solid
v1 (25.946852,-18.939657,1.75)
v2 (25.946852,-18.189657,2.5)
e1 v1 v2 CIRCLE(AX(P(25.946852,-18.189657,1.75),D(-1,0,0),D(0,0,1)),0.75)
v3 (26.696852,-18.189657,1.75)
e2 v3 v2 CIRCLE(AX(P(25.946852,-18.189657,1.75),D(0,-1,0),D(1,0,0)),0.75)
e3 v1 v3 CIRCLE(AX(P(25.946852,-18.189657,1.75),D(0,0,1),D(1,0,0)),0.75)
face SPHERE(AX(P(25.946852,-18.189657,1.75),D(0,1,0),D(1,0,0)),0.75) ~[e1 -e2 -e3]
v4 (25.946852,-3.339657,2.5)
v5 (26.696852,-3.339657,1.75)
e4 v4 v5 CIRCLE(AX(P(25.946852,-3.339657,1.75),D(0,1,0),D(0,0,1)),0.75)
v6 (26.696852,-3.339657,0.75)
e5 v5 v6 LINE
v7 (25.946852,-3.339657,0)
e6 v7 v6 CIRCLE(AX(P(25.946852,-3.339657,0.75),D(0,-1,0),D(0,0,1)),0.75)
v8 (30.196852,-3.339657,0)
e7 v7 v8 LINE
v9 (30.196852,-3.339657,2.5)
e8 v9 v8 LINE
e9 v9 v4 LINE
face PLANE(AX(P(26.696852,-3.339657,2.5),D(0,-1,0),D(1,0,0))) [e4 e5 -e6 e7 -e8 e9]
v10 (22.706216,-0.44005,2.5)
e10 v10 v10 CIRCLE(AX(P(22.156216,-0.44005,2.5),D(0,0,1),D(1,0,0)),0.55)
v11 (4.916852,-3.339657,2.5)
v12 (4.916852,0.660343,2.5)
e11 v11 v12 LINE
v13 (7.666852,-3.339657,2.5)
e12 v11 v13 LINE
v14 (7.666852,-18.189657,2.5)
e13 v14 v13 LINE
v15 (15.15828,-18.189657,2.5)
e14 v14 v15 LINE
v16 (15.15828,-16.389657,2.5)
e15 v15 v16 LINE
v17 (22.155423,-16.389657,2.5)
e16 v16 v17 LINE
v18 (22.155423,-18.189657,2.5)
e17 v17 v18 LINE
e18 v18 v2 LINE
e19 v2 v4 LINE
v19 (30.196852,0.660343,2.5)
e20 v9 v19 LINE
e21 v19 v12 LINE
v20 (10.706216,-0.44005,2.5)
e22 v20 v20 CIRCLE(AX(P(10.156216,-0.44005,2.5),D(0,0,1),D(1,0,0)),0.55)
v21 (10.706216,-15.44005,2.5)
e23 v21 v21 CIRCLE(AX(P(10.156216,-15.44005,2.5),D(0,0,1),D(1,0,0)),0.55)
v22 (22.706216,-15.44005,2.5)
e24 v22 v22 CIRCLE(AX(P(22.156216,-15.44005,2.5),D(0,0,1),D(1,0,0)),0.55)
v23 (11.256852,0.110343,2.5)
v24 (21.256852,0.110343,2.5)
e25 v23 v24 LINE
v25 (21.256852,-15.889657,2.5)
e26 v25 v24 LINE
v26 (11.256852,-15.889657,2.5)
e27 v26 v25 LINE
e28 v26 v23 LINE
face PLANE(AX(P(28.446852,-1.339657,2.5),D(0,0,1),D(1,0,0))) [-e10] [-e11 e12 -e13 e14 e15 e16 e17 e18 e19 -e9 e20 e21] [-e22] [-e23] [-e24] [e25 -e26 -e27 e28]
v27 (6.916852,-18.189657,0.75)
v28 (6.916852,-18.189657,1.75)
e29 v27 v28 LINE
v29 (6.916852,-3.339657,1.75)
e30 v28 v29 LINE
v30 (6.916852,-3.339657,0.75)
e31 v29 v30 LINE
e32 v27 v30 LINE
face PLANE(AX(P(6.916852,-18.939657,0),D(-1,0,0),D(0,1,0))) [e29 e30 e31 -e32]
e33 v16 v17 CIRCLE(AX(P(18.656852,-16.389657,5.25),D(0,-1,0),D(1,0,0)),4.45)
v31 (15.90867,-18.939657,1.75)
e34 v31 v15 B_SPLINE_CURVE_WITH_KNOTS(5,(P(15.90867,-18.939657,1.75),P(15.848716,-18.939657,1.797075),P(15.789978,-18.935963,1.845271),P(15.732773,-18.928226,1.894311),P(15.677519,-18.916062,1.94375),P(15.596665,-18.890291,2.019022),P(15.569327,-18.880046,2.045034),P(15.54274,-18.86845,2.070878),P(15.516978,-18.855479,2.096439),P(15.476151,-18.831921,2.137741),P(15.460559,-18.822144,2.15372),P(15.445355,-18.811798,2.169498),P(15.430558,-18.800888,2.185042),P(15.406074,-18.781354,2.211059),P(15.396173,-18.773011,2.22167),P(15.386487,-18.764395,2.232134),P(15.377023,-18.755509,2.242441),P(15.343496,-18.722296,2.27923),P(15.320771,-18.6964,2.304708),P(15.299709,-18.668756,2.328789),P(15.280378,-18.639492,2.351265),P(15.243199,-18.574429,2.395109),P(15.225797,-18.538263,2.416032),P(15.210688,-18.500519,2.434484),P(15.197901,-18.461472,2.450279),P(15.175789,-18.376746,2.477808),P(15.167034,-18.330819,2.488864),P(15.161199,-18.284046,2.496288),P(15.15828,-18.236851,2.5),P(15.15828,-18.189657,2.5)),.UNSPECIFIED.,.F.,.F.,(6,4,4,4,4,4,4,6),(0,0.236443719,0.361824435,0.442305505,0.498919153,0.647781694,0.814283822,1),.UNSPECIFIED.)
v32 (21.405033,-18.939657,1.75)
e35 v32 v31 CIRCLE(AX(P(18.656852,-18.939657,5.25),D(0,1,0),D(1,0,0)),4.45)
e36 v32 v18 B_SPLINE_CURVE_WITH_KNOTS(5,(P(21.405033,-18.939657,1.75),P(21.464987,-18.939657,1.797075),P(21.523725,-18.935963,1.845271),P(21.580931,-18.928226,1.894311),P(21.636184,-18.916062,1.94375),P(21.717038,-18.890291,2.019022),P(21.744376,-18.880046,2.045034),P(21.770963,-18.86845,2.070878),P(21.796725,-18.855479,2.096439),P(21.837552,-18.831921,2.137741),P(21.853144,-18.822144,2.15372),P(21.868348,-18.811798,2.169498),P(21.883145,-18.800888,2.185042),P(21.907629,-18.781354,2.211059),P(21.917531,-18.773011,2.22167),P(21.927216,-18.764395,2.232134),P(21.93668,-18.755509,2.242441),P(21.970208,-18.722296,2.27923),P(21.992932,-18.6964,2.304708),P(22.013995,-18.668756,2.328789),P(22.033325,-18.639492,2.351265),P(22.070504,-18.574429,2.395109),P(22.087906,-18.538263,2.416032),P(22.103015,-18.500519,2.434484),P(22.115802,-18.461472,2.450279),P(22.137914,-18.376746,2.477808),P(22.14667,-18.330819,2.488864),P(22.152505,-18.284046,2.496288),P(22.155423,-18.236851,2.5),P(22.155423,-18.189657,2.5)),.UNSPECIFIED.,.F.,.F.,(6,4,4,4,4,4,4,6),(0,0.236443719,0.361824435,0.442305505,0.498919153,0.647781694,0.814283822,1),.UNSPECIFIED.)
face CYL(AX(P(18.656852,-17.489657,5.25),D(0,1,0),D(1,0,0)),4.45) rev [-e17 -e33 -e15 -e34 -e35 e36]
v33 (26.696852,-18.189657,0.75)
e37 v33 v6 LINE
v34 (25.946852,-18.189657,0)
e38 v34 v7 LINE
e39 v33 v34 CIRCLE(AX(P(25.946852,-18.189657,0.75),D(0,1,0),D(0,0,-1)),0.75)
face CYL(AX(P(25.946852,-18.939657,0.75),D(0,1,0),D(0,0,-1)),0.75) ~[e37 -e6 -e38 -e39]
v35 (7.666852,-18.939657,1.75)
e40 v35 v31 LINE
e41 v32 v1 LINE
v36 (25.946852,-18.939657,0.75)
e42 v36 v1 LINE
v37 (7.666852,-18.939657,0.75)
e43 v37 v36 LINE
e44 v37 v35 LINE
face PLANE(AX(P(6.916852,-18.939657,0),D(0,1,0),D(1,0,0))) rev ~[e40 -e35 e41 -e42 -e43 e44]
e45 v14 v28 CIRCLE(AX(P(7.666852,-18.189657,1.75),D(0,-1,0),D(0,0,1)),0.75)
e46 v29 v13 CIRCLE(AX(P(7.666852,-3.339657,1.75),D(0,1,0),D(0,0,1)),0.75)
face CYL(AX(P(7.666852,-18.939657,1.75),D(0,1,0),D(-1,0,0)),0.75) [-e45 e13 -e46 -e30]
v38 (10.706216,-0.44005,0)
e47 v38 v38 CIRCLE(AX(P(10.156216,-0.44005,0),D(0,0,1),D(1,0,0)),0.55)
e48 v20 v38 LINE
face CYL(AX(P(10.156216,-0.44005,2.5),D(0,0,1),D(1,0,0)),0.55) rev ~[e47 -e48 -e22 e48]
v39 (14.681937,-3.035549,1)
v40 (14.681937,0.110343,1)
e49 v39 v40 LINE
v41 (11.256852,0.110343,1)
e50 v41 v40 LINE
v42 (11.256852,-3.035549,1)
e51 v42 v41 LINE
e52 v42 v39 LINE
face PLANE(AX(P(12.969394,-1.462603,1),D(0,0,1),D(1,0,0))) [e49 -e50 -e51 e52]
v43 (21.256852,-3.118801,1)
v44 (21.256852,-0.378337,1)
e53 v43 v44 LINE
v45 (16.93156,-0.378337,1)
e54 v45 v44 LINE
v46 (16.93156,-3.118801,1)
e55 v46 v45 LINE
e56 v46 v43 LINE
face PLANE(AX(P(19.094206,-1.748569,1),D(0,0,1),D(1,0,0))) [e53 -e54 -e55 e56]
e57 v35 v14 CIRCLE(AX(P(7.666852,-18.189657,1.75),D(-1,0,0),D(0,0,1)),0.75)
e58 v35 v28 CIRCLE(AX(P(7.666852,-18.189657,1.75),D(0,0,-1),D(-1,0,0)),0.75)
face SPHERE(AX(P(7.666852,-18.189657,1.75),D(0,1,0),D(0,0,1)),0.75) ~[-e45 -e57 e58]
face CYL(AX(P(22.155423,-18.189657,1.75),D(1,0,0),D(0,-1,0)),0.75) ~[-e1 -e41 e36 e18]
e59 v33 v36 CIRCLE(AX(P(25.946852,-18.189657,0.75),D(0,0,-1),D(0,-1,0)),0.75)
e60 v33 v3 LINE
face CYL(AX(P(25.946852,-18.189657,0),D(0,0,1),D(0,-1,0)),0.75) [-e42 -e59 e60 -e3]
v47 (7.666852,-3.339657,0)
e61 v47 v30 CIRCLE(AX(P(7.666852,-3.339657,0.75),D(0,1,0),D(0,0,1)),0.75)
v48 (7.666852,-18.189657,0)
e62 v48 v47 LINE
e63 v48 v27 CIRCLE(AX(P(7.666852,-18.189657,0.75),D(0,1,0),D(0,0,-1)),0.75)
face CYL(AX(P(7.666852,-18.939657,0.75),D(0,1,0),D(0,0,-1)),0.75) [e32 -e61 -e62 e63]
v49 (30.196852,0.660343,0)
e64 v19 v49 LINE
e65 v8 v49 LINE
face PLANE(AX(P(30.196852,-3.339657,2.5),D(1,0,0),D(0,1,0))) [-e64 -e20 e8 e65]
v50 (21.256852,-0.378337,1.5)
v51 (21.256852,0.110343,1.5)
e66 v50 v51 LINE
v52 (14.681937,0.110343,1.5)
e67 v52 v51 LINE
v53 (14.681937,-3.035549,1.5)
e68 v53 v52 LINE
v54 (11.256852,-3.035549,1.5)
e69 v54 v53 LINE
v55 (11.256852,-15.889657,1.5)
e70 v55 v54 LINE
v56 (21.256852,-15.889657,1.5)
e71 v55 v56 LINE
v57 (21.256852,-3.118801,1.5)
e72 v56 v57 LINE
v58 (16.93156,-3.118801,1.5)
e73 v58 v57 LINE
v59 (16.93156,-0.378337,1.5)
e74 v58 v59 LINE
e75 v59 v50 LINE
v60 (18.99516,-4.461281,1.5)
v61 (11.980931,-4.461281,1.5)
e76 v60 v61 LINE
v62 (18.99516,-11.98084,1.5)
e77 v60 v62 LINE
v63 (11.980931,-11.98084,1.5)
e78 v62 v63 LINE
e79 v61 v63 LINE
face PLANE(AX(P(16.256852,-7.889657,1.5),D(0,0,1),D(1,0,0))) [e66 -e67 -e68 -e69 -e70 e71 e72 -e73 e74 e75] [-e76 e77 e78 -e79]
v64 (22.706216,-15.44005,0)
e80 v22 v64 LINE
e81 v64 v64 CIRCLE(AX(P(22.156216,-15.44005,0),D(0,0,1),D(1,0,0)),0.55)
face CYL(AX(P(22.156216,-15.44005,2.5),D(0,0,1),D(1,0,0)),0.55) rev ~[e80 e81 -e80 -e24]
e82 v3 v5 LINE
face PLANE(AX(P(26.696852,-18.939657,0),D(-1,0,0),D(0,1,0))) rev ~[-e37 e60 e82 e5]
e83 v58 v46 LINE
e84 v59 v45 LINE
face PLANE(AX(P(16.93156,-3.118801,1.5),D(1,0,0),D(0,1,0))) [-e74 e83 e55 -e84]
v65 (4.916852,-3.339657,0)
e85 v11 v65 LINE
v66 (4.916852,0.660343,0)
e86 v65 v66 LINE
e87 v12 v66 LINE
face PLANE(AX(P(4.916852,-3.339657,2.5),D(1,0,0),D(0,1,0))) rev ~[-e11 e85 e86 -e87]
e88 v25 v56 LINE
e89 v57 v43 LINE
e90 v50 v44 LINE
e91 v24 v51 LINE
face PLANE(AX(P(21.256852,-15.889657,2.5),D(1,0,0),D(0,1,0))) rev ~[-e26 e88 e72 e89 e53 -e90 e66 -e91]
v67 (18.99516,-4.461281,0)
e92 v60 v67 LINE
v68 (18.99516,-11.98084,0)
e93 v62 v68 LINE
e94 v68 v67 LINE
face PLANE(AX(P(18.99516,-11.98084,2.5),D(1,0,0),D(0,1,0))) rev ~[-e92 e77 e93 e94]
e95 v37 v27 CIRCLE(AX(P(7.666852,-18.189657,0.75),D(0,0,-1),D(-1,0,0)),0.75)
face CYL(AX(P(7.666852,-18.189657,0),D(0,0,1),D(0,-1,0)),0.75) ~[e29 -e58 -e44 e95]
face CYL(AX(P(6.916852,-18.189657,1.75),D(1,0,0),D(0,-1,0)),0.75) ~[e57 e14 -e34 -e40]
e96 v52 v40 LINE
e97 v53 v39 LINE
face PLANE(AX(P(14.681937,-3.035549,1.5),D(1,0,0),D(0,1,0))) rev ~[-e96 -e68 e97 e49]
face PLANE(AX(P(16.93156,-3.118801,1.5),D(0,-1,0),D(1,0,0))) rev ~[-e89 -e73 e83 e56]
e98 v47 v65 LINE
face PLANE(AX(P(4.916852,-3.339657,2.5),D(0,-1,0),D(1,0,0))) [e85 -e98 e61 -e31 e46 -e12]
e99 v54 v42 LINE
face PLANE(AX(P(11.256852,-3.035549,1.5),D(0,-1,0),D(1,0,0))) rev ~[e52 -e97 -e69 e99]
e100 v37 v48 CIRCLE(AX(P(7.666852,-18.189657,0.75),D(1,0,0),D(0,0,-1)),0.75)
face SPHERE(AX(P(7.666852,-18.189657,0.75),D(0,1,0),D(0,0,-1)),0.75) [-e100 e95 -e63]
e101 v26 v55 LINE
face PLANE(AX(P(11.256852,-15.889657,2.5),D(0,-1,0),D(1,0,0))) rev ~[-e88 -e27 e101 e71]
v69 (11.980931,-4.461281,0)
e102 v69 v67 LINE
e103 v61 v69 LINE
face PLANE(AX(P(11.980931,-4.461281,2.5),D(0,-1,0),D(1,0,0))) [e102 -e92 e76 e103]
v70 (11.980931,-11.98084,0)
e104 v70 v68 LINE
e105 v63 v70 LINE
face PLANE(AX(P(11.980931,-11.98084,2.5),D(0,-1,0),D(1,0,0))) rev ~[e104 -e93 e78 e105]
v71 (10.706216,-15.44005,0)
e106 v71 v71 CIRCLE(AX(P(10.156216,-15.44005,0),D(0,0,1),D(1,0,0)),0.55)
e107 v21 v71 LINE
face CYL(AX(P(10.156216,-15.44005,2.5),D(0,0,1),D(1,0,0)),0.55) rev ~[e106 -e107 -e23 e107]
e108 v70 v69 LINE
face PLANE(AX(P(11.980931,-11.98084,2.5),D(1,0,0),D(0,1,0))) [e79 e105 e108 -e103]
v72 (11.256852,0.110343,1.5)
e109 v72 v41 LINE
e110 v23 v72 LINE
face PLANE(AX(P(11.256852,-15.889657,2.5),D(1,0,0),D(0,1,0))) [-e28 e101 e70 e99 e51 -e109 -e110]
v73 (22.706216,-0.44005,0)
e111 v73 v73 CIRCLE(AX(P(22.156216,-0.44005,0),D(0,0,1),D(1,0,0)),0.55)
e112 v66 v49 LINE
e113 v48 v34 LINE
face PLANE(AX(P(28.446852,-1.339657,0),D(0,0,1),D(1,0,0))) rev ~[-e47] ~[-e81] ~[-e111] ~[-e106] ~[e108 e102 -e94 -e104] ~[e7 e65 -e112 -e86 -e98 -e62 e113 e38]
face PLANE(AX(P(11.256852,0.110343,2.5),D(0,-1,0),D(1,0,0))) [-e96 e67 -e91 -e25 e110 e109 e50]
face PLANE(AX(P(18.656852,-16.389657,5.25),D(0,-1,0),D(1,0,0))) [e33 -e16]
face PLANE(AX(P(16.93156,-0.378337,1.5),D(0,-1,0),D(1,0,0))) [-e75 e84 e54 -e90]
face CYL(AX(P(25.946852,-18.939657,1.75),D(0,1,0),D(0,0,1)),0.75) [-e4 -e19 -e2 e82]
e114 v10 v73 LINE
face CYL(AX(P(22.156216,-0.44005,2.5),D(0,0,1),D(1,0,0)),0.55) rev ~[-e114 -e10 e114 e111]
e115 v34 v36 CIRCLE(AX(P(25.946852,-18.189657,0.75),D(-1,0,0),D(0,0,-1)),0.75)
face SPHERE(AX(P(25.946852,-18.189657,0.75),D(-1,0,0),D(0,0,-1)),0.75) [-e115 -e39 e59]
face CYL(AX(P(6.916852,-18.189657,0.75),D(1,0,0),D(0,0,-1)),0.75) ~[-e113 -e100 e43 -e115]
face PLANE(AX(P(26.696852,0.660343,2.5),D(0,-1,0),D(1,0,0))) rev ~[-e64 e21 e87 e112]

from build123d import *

# Parameters (mm, degrees)
SKETCH1_W               = 19.78
SKETCH1_H               = 22
BOSS_EXTRUDE1_DEPTH     = 2.5
SKETCH2_R               = 0.55
CUT_EXTRUDE1_DEPTH      = 2.5
SKETCH3_W               = 7.014228963
SKETCH3_H               = 7.519558389
CUT_EXTRUDE2_DEPTH      = 2.5
SKETCH4_W               = 10
SKETCH4_H               = 16
CUT_EXTRUDE3_DEPTH      = 1
SKETCH5_W               = 4.325292028
SKETCH5_H               = 2.74046394
SKETCH5_W_2             = 3.425085756
SKETCH5_H_2             = 3.145892333
CUT_EXTRUDE4_DEPTH      = 0.5
SKETCH6_R               = 4.45
CUT_EXTRUDE5_DEPTH      = 1.5
CUT_EXTRUDE5_DEPTH_BACK = 1.1
SKETCH7_W               = 19.78
SKETCH7_H               = 2.5
CUT_EXTRUDE6_DEPTH      = 2.4
SKETCH8_W               = 3.5
SKETCH8_H               = 4
SKETCH8_W_2             = 2
BOSS_EXTRUDE2_DEPTH     = 2.5
FILLET1_R               = 0.75


with BuildPart() as part:
    # Sketch1 → Boss-Extrude1 (new body)
    with BuildSketch(Plane.XY):
        with Locations((16.80685162, -7.939657117)):
            Rectangle(SKETCH1_W, SKETCH1_H)
    extrude(amount=BOSS_EXTRUDE1_DEPTH)

    # Sketch2 → Cut-Extrude1 (cut)
    with BuildSketch(Plane.XY.offset(2.5)):
        with Locations((22.156215749, -0.440049881)):
            Circle(SKETCH2_R)
        with Locations((22.156215749, -15.440049881)):
            Circle(SKETCH2_R)
        with Locations((10.156215749, -15.440049881)):
            Circle(SKETCH2_R)
        with Locations((10.156215749, -0.440049881)):
            Circle(SKETCH2_R)
    extrude(amount=-CUT_EXTRUDE1_DEPTH, mode=Mode.SUBTRACT)

    # Sketch3 → Cut-Extrude2 (cut)
    with BuildSketch(Plane.XY.offset(2.5)):
        with Locations((15.488045681, -8.221060457)):
            Rectangle(SKETCH3_W, SKETCH3_H)
    extrude(amount=-CUT_EXTRUDE2_DEPTH, mode=Mode.SUBTRACT)

    # Sketch4 → Cut-Extrude3 (cut)
    with BuildSketch(Plane.XY.offset(2.5)):
        with Locations((16.25685162, -7.889657117)):
            Rectangle(SKETCH4_W, SKETCH4_H)
    extrude(amount=-CUT_EXTRUDE3_DEPTH, mode=Mode.SUBTRACT)

    # Sketch5 → Cut-Extrude4 (cut)
    with BuildSketch(Plane.XY.offset(1.5)):
        with Locations((19.094205606, -1.748569373)):
            Rectangle(SKETCH5_W, SKETCH5_H)
        with Locations((12.969394498, -1.462603284)):
            Rectangle(SKETCH5_W_2, SKETCH5_H_2)
    extrude(amount=-CUT_EXTRUDE4_DEPTH, mode=Mode.SUBTRACT)

    # Sketch6 → Cut-Extrude5 (cut, two sides)
    with BuildSketch(Plane.XZ.offset(17.489657117)) as cut_extrude5_sk:
        with Locations((18.65685162, 5.25)):
            Circle(SKETCH6_R)
    extrude(amount=CUT_EXTRUDE5_DEPTH, mode=Mode.SUBTRACT)
    extrude(cut_extrude5_sk.sketch, amount=-CUT_EXTRUDE5_DEPTH_BACK, mode=Mode.SUBTRACT)

    # Sketch7 → Cut-Extrude6 (cut)
    with BuildSketch(Plane(origin=(0, 3.060342883, 0), x_dir=(1, 0, 0), z_dir=(0, 1, 0))):
        with Locations((16.80685162, -1.25)):
            Rectangle(SKETCH7_W, SKETCH7_H)
    extrude(amount=-CUT_EXTRUDE6_DEPTH, mode=Mode.SUBTRACT)

    # Sketch8 → Boss-Extrude2 (add)
    with BuildSketch(Plane.XY.offset(2.5)):
        with Locations((28.44685162, -1.339657117)):
            Rectangle(SKETCH8_W, SKETCH8_H)
        with Locations((5.91685162, -1.339657117)):
            Rectangle(SKETCH8_W_2, SKETCH8_H)
    extrude(amount=-BOSS_EXTRUDE2_DEPTH)

    # Fillet1
    fillet1_edges = [part.edges().sort_by_distance(p)[0] for p in [
        (6.91685162, -11.139657117, 0),
        (6.91685162, -11.139657117, 2.5),
        (11.037566052, -18.939657117, 2.5),
        (26.69685162, -11.139657117, 2.5),
        (16.80685162, -18.939657117, 0),
        (26.69685162, -11.139657117, 0),
        (26.69685162, -18.939657117, 1.25),
        (6.91685162, -18.939657117, 1.25),
        (24.426137189, -18.939657117, 2.5),
    ]]
    fillet(fillet1_edges, radius=FILLET1_R)


solid = part.part
